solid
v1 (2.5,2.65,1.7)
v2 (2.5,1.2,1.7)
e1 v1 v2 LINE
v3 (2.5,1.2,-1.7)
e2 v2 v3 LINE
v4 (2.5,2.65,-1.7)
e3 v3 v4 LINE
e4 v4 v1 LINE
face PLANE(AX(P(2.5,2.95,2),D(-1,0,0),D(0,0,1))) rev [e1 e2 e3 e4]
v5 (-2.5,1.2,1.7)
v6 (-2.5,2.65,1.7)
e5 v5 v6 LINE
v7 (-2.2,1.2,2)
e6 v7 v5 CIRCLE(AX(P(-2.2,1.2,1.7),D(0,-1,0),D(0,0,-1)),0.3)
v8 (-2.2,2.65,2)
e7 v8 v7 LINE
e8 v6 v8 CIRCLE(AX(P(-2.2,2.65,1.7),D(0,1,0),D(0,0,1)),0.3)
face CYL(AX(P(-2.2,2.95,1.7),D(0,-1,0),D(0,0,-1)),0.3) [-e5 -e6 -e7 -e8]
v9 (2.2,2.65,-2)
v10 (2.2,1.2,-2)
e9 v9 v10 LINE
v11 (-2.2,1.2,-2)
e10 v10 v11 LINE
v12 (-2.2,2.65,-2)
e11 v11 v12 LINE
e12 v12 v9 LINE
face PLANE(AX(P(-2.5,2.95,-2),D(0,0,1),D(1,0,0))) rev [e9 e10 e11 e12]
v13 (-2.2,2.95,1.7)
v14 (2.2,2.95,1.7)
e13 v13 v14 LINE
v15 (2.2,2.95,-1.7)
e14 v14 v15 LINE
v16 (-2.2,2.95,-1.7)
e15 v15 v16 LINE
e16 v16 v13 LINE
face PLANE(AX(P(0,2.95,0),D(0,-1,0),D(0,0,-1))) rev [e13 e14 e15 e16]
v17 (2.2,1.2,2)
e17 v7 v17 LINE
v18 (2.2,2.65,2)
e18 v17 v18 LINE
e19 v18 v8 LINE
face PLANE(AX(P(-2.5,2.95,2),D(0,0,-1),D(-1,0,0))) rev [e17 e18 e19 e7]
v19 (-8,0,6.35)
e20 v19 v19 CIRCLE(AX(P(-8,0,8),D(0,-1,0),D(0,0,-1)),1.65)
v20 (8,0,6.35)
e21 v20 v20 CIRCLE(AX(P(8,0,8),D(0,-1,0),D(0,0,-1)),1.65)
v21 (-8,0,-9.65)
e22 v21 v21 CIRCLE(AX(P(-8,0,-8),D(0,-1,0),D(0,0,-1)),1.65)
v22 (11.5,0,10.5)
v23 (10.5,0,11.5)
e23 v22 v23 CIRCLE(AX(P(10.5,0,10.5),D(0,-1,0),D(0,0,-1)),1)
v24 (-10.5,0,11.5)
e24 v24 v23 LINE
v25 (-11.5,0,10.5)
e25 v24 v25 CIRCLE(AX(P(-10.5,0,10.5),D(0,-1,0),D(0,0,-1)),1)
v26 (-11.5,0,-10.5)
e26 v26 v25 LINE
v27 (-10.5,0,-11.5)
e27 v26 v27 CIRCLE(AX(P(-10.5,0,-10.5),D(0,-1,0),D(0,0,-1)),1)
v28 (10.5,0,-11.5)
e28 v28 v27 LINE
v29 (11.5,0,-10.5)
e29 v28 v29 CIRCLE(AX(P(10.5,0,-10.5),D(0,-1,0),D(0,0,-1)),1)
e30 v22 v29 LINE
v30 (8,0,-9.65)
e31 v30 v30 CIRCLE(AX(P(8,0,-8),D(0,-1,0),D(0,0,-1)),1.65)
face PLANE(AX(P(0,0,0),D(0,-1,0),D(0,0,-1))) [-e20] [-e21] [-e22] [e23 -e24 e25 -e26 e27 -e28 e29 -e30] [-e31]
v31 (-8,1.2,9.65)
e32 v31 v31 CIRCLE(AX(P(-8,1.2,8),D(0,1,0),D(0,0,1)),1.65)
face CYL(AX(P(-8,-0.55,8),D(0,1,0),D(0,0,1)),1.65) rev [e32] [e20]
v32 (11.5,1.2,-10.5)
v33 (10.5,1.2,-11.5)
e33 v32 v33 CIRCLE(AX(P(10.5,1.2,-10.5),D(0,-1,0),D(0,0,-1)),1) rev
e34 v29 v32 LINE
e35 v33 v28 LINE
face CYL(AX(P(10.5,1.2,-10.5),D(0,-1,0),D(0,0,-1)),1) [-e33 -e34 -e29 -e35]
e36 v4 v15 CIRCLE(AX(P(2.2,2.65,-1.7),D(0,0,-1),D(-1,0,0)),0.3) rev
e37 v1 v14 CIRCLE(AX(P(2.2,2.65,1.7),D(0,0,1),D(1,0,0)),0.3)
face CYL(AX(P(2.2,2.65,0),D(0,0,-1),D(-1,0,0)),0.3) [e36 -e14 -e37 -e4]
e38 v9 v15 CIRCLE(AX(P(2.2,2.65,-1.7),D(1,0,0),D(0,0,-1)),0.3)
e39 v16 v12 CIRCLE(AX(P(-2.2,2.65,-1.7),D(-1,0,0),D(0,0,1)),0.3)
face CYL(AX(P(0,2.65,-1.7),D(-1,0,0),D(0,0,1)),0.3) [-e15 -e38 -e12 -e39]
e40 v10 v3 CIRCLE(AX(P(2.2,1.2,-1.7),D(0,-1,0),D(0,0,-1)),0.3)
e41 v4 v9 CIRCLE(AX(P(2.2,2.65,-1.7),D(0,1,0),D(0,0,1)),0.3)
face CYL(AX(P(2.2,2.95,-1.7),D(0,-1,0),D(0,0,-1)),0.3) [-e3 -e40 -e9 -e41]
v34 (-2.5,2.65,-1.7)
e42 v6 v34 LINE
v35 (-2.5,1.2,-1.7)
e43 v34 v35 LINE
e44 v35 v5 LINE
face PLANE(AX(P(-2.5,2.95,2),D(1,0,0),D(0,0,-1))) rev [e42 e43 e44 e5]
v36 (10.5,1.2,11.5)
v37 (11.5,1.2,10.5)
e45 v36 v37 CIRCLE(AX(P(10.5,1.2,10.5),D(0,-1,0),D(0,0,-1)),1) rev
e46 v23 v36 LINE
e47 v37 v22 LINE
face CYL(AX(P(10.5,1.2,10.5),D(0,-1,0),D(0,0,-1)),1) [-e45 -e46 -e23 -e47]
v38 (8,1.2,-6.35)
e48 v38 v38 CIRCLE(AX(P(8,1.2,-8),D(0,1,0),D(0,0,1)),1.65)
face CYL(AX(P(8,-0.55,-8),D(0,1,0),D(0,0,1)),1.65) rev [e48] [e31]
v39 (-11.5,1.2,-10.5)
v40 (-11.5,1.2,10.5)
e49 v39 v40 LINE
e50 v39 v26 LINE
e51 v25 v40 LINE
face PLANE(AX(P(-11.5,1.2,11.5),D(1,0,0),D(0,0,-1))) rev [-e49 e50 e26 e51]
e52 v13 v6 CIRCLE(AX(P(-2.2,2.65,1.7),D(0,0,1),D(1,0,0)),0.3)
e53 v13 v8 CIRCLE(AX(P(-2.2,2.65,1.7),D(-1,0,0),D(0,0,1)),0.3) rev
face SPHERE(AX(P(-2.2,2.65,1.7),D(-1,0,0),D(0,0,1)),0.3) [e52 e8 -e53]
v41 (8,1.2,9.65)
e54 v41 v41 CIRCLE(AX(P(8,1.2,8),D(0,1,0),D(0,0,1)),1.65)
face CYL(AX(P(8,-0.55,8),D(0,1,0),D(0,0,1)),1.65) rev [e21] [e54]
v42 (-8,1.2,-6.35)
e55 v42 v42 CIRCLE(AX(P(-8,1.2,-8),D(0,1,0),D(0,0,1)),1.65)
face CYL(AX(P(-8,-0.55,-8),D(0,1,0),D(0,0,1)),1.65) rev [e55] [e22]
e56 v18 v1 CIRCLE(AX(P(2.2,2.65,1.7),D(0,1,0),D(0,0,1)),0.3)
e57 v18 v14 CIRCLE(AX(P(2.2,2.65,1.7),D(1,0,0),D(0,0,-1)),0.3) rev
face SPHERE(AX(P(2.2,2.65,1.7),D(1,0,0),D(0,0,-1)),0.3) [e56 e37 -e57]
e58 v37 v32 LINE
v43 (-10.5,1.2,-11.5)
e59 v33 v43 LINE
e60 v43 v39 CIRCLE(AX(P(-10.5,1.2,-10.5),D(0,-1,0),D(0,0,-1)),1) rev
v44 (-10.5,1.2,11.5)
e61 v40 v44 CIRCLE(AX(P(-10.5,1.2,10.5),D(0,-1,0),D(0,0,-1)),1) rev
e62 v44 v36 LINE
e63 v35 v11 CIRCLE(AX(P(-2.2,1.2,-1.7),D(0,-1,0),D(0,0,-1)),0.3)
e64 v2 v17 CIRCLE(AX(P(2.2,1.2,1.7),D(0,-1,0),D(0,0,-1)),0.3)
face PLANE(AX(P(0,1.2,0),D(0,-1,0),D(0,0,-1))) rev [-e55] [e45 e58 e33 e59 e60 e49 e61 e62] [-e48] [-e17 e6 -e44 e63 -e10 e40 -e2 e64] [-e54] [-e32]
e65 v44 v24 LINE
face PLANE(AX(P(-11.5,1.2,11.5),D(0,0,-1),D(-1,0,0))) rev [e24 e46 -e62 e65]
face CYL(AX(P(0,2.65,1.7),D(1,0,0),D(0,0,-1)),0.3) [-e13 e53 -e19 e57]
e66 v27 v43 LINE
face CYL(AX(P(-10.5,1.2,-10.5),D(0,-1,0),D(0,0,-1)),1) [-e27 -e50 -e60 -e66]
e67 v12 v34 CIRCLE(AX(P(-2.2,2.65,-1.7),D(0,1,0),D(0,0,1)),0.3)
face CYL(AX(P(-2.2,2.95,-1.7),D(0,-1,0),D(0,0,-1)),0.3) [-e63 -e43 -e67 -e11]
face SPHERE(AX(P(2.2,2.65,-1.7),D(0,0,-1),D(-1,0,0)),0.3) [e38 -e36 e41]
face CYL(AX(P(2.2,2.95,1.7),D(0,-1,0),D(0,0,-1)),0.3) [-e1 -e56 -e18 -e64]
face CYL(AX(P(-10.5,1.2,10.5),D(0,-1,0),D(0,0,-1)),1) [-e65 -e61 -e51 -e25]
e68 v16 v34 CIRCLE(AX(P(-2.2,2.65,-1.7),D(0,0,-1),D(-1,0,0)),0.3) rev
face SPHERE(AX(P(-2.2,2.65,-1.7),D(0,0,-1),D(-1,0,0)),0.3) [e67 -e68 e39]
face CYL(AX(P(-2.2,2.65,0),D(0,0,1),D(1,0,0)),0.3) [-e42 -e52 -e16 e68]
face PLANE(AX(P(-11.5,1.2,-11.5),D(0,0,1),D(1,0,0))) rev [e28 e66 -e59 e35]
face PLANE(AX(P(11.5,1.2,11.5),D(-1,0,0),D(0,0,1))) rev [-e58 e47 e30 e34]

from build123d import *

# Parameters (mm, degrees)
SKETCH1_W           = 23
SKETCH1_H           = 23
BOSS_EXTRUDE1_DEPTH = 1.2
FILLET1_R           = 1
SKETCH2_W           = 5
SKETCH2_H           = 4
BOSS_EXTRUDE2_DEPTH = 1.75
FILLET2_R           = 0.3
SKETCH4_R           = 1.65
CUT_EXTRUDE1_DEPTH  = 1.75


with BuildPart() as part:
    # Sketch1 → Boss-Extrude1 (new body)
    with BuildSketch(Plane(origin=(0, 0, 0), x_dir=(1, 0, 0), z_dir=(0, 1, 0))):
        Rectangle(SKETCH1_W, SKETCH1_H)
    extrude(amount=BOSS_EXTRUDE1_DEPTH)

    # Fillet1
    fillet1_edges = [part.edges().sort_by_distance(p)[0] for p in [
        (11.5, 0.6, 11.5),
        (-11.5, 0.6, 11.5),
        (-11.5, 0.6, -11.5),
        (11.5, 0.6, -11.5),
    ]]
    fillet(fillet1_edges, radius=FILLET1_R)

    # Sketch2 → Boss-Extrude2 (add)
    with BuildSketch(Plane(origin=(0, 1.2, 0), x_dir=(1, 0, 0), z_dir=(0, 1, 0))):
        Rectangle(SKETCH2_W, SKETCH2_H)
    extrude(amount=BOSS_EXTRUDE2_DEPTH)

    # Fillet2
    fillet2_edges = [part.edges().sort_by_distance(p)[0] for p in [
        (2.5, 2.075, 2),
        (2.5, 2.075, -2),
        (-2.5, 2.075, -2),
        (-2.5, 2.075, 2),
        (2.5, 2.95, 0),
        (0, 2.95, -2),
        (-2.5, 2.95, 0),
        (0, 2.95, 2),
    ]]
    fillet(fillet2_edges, radius=FILLET2_R)

    # Sketch4 → Cut-Extrude1 (cut)
    with BuildSketch(Plane(origin=(0, 1.2, 0), x_dir=(1, 0, 0), z_dir=(0, 1, 0))):
        with Locations(Location((-8, 8, 0), (0, 0, 270))):
            Circle(SKETCH4_R)
        with Locations(Location((8, 8, 0), (0, 0, 270))):
            Circle(SKETCH4_R)
        with Locations(Location((8, -8, 0), (0, 0, 270))):
            Circle(SKETCH4_R)
        with Locations(Location((-8, -8, 0), (0, 0, 270))):
            Circle(SKETCH4_R)
    extrude(amount=-CUT_EXTRUDE1_DEPTH, mode=Mode.SUBTRACT)


solid = part.part
